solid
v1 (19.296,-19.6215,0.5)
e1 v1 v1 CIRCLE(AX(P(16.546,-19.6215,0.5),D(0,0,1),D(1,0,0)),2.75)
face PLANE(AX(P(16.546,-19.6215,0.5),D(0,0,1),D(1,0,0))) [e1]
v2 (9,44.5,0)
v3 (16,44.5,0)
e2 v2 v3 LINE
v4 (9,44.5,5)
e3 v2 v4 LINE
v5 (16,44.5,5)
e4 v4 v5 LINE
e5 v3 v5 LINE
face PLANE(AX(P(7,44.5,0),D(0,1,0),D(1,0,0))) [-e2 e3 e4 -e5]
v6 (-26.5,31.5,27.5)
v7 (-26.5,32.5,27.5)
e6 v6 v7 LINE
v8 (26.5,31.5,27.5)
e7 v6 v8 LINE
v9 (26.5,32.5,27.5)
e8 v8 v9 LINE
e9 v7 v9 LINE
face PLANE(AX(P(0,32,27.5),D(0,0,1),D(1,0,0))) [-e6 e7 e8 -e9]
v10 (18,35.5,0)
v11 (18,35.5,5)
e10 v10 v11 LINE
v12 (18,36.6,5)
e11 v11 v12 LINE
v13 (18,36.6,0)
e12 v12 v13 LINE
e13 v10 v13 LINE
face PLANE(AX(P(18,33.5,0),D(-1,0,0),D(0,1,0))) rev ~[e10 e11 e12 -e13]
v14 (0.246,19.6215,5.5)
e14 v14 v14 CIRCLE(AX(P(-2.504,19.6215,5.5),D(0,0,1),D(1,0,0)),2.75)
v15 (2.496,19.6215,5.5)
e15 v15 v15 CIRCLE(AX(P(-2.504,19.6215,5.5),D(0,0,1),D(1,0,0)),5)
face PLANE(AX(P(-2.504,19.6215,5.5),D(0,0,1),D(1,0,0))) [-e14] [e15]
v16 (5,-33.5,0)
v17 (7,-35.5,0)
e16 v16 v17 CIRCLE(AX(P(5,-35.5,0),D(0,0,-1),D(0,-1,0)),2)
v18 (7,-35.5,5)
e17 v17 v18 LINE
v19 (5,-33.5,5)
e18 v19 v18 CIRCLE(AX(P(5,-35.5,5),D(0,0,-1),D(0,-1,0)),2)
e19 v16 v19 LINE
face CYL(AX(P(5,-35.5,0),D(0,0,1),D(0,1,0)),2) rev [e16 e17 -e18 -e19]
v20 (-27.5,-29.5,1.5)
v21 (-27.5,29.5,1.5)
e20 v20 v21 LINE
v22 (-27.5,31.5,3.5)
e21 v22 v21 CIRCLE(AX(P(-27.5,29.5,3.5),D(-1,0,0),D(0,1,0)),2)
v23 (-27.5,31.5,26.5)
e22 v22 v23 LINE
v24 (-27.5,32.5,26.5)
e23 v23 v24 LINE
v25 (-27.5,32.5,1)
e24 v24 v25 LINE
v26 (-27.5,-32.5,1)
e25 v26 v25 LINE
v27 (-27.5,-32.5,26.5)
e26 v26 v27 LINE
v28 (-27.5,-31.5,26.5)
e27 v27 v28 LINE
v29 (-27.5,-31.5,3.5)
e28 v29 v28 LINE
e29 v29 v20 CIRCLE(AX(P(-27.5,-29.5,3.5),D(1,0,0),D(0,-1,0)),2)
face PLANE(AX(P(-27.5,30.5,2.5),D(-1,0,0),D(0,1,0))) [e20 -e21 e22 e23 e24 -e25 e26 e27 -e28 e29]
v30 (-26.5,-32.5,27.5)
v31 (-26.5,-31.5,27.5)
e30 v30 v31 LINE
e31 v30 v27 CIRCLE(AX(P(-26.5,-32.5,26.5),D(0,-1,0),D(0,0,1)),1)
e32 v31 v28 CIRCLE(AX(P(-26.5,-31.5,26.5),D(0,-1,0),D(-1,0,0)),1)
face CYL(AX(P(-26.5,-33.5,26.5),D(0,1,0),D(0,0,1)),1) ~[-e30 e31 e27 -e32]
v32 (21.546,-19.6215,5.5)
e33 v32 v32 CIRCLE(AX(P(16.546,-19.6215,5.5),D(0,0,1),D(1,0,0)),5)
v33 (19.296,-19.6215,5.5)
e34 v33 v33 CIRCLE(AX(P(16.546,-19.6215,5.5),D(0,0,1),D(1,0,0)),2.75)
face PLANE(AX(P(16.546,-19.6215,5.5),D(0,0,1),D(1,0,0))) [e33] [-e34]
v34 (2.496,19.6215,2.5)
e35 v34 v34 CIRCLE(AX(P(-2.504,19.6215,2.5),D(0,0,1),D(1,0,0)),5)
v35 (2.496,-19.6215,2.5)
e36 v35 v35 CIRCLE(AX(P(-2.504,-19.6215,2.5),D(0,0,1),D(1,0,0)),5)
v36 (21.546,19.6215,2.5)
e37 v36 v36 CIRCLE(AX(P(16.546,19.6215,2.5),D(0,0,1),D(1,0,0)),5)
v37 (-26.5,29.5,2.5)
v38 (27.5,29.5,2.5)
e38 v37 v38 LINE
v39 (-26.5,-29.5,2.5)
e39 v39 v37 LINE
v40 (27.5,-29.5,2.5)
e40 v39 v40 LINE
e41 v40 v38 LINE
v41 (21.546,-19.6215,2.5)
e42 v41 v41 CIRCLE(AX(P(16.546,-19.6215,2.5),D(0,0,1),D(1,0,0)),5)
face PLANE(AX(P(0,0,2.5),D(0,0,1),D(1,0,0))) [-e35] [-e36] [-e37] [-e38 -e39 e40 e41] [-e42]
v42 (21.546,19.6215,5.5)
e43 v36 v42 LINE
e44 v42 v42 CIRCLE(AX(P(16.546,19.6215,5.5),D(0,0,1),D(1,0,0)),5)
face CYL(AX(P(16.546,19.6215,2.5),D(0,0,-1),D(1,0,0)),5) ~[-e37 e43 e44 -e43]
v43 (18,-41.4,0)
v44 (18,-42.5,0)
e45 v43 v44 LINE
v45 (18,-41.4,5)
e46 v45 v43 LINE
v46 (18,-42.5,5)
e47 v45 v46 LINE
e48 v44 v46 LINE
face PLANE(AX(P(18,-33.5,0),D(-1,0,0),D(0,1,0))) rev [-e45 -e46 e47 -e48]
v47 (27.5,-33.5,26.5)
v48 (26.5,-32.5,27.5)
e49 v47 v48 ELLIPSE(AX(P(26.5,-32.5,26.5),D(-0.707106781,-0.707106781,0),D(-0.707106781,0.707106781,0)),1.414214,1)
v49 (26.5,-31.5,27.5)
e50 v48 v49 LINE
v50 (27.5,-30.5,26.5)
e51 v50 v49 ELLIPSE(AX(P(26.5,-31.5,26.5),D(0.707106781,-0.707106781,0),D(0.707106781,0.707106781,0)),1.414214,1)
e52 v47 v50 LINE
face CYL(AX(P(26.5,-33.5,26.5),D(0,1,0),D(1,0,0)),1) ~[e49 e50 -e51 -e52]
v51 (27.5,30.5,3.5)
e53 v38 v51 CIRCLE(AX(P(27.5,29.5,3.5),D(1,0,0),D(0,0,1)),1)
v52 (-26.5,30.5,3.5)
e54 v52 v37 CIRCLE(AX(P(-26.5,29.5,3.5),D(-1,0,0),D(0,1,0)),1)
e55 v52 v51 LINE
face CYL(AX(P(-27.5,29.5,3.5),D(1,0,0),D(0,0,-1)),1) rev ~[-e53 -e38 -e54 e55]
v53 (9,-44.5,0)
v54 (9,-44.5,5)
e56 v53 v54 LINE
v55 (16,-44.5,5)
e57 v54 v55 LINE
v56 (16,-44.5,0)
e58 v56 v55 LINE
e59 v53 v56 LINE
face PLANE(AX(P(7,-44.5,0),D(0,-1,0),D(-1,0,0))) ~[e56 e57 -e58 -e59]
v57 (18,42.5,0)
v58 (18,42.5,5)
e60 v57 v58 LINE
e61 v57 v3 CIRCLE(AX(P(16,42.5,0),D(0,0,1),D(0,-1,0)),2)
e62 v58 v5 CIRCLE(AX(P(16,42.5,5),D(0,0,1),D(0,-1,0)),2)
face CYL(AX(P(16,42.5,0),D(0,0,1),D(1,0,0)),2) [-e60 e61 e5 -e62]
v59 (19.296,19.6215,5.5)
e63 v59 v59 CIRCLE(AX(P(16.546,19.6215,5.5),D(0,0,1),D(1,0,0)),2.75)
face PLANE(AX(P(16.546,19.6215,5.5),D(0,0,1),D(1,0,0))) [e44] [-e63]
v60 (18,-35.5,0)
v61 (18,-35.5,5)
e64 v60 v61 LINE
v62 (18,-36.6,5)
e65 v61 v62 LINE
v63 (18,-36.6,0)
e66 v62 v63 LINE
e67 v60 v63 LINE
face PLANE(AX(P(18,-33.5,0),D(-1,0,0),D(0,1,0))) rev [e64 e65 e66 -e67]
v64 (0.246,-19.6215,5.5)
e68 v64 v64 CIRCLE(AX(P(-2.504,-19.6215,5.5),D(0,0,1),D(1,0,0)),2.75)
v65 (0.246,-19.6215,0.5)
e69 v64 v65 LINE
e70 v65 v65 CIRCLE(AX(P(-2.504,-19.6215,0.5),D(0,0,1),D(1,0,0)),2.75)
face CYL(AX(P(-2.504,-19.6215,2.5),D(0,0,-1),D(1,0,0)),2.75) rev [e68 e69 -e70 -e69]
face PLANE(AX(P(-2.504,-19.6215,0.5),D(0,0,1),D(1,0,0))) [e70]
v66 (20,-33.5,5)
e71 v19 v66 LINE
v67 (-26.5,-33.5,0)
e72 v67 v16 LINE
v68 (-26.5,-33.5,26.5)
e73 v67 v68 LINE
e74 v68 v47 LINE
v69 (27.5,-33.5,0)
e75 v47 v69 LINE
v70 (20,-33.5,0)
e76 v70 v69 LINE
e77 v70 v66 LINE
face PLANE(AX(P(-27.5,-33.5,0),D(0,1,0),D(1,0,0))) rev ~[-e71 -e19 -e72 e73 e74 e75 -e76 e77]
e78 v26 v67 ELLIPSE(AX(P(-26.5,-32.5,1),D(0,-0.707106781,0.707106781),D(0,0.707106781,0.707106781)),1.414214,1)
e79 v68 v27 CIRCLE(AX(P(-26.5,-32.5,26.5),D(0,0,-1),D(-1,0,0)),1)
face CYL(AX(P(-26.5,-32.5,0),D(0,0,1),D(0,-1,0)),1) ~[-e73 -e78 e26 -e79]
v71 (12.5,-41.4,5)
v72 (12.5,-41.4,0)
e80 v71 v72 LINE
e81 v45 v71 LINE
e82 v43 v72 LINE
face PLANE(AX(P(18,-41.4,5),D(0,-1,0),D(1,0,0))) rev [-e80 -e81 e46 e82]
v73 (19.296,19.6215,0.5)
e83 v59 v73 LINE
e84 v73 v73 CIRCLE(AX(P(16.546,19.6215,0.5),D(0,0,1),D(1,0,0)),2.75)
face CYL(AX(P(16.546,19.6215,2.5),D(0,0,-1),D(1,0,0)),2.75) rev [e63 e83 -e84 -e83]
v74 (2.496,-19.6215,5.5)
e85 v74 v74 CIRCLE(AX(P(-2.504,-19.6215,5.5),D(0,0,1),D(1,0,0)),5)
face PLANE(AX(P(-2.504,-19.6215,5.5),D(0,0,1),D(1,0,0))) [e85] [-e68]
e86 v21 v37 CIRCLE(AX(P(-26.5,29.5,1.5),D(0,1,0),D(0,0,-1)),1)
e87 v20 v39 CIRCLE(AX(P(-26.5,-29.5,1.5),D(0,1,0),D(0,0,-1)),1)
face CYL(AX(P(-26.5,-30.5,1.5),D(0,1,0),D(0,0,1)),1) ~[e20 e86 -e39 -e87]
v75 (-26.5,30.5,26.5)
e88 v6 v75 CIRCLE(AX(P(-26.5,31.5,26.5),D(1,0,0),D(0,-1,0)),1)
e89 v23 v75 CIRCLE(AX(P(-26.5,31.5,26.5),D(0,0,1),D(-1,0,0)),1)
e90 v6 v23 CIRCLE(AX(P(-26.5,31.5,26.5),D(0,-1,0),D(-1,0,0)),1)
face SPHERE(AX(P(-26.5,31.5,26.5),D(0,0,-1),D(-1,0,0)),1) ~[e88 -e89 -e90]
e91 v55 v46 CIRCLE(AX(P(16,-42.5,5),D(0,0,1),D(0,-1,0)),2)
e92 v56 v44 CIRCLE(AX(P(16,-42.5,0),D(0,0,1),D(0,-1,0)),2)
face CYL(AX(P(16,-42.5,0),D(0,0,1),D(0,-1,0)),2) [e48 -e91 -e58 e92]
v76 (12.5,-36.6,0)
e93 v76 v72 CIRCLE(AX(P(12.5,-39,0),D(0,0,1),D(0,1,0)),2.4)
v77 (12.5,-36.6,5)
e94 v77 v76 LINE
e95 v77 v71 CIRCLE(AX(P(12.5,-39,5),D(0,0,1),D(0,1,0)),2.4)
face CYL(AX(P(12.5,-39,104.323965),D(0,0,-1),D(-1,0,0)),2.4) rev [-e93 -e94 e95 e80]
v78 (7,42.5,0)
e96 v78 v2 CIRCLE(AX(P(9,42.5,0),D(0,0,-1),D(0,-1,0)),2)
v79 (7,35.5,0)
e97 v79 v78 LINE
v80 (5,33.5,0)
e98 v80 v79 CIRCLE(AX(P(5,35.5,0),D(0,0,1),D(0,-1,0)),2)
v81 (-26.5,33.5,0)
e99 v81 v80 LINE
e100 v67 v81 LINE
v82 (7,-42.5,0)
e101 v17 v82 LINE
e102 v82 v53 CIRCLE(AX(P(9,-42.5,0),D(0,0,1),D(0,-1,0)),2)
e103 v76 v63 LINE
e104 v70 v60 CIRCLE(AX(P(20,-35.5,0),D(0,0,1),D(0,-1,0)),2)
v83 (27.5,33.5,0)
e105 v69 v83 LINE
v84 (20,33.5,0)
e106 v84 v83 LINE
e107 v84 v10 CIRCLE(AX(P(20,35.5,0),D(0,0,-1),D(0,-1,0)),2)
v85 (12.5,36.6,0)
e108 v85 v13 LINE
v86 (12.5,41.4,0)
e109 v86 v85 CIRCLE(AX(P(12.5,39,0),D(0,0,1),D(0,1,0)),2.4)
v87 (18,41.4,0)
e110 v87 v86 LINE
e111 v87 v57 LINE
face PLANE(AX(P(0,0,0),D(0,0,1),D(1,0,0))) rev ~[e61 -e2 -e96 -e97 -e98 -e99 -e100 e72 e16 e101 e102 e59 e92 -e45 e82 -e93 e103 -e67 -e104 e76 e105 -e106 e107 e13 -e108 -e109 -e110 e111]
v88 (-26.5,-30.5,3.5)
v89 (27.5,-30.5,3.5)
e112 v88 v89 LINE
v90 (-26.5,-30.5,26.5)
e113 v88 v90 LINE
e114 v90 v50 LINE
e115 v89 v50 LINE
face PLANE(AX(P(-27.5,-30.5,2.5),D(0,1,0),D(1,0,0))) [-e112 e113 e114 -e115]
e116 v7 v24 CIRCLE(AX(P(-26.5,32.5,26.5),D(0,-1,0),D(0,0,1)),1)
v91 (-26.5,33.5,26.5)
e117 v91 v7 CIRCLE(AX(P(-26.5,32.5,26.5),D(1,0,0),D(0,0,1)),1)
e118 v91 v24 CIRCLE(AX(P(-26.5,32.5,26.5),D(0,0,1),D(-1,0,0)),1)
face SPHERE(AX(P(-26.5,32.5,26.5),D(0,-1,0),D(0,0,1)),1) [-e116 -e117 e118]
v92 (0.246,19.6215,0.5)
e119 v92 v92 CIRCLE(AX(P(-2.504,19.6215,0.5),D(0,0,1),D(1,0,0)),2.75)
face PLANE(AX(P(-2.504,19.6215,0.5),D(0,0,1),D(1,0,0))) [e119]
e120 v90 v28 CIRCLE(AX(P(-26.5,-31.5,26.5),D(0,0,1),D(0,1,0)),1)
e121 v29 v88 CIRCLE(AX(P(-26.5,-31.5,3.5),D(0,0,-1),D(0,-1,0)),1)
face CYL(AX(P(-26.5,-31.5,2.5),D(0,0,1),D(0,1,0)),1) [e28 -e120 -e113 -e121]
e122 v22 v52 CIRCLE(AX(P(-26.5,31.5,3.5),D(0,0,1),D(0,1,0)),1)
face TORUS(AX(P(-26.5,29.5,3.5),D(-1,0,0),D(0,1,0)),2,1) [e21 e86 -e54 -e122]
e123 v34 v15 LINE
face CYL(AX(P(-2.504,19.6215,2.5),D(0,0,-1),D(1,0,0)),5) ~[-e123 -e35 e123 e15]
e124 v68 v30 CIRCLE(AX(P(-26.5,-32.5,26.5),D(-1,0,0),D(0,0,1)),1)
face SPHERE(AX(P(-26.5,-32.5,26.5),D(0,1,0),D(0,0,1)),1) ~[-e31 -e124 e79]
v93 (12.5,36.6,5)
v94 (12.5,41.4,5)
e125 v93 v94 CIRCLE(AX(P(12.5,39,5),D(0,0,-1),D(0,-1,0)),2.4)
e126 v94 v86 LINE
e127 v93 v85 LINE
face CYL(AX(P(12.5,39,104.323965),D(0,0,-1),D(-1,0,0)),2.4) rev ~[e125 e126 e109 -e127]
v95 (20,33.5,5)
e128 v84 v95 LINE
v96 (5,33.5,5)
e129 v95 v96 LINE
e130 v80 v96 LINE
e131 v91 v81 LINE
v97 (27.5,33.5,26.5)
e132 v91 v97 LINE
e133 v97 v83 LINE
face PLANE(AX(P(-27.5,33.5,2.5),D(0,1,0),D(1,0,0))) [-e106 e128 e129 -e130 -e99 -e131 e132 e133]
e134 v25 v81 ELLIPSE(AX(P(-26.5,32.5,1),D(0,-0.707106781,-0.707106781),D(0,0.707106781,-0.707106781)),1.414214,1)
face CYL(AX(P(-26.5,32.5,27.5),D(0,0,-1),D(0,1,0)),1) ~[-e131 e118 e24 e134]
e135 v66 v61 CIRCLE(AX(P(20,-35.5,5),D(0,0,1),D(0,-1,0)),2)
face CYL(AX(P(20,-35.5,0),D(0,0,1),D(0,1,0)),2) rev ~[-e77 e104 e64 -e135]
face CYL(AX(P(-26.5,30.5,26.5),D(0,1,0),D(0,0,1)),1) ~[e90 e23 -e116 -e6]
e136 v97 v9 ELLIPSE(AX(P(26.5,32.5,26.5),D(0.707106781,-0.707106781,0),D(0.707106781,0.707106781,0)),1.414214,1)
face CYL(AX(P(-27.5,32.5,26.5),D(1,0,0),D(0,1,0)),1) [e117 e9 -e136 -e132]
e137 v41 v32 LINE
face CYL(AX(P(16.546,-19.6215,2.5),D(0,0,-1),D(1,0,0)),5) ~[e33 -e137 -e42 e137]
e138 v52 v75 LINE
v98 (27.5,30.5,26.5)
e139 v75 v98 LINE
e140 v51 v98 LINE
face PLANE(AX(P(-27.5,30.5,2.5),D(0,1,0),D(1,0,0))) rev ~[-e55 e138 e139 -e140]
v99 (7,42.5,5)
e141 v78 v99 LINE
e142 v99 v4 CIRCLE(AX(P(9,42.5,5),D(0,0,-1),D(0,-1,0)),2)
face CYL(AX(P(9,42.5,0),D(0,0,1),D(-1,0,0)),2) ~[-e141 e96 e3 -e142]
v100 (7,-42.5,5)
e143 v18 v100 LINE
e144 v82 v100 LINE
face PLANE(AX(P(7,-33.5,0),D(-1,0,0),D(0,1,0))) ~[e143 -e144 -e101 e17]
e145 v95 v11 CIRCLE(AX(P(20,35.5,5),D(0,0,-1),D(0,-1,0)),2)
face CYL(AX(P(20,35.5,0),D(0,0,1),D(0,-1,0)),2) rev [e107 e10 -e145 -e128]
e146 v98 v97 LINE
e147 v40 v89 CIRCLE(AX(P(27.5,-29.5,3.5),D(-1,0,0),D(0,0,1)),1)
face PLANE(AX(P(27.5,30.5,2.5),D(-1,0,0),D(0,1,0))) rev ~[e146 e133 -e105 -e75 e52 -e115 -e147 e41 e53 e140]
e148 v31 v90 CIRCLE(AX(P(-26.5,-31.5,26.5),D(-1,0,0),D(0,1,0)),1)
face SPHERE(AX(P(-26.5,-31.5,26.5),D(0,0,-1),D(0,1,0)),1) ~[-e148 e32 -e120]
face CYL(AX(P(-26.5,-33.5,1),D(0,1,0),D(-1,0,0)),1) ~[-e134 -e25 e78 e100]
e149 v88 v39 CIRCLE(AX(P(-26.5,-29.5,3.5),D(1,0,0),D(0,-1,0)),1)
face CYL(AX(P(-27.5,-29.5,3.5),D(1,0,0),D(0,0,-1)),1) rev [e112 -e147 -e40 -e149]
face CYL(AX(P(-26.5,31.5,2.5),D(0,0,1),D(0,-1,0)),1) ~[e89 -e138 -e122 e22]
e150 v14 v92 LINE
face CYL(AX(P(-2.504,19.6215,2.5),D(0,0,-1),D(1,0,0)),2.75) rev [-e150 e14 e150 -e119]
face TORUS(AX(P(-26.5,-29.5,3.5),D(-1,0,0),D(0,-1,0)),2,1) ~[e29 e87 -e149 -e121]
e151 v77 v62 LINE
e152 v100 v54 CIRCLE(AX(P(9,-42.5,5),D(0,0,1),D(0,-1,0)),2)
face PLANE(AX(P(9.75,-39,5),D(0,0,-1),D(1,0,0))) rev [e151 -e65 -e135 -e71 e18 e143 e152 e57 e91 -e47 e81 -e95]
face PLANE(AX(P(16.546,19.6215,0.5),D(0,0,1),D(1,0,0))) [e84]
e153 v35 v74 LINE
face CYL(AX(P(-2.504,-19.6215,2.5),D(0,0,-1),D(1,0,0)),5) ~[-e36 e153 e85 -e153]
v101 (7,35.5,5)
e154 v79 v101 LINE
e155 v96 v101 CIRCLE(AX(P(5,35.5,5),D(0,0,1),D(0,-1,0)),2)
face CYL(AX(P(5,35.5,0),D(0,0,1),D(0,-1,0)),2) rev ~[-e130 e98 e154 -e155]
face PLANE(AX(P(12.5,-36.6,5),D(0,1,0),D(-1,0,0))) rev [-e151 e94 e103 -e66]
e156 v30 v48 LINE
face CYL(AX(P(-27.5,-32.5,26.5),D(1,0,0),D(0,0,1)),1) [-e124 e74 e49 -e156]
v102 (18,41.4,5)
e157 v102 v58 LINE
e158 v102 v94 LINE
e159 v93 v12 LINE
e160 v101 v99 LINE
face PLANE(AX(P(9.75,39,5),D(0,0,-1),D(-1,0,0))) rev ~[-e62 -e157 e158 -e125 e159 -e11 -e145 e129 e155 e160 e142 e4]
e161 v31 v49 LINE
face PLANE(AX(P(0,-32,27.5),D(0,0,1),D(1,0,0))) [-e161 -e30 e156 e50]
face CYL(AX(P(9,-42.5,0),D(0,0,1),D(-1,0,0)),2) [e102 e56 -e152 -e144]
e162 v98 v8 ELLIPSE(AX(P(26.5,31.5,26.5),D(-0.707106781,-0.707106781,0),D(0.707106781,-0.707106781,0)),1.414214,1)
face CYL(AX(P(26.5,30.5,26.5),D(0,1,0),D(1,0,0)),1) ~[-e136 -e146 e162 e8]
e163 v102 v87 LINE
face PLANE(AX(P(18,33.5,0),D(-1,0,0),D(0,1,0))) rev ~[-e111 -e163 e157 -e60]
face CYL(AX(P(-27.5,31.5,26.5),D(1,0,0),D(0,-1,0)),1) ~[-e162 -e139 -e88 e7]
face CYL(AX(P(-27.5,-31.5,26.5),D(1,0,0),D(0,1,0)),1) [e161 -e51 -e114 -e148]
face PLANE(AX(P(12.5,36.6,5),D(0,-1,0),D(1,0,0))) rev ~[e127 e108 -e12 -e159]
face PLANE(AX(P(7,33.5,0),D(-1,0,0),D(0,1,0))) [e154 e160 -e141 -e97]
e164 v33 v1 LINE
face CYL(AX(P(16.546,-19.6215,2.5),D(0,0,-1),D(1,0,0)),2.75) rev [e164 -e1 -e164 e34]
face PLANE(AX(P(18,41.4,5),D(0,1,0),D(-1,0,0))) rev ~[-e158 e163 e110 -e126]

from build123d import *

# Parameters (mm, degrees)
SKETCH1_W            = 55
SKETCH1_H            = 67
BOSS_EXTRUDE1_DEPTH  = 2.5
SKETCH2_W            = 55
SKETCH2_H            = 3
BOSS_EXTRUDE2_DEPTH  = 25
SKETCH3_R            = 5
SKETCH3_R_2          = 2.75
BOSS_EXTRUDE3_DEPTH  = 3
CUT_EXTRUDE1_START   = -2
SKETCH4_R            = 2.75
CUT_EXTRUDE1_DEPTH   = 2
SKETCH5_W            = 5.5
SKETCH5_H            = 11
BOSS_EXTRUDE4_DEPTH  = 5
M4_CLEARANCE_HOLE1_D = 4.8
FILLET3_R            = 2
FILLET4_R            = 1
CUT_EXTRUDE3_DEPTH   = 57.945149047


with BuildPart() as part:
    # Sketch1 → Boss-Extrude1 (new body)
    with BuildSketch(Plane.XY):
        Rectangle(SKETCH1_W, SKETCH1_H)
    extrude(amount=BOSS_EXTRUDE1_DEPTH)

    # Sketch2 → Boss-Extrude2 (add)
    with BuildSketch(Plane.XY.offset(2.5)):
        with Locations((0, 32)):
            Rectangle(SKETCH2_W, SKETCH2_H)
        with Locations((0, -32)):
            Rectangle(SKETCH2_W, SKETCH2_H)
    extrude(amount=BOSS_EXTRUDE2_DEPTH)

    # Sketch3 → Boss-Extrude3 (add)
    # profile 1 of 4: a face of its own
    with BuildSketch(Plane.XY.offset(2.5)):
        with Locations((-2.504, 19.6215)):
            Circle(SKETCH3_R)
        with Locations((-2.504, 19.6215)):
            Circle(SKETCH3_R_2, mode=Mode.SUBTRACT)
    # profile 2 of 4: a face of its own
    with BuildSketch(Plane.XY.offset(2.5)):
        with Locations((16.546, 19.6215)):
            Circle(SKETCH3_R)
        with Locations((16.546, 19.6215)):
            Circle(SKETCH3_R_2, mode=Mode.SUBTRACT)
    # profile 3 of 4: a face of its own
    with BuildSketch(Plane.XY.offset(2.5)):
        with Locations((16.546, -19.6215)):
            Circle(SKETCH3_R)
        with Locations((16.546, -19.6215)):
            Circle(SKETCH3_R_2, mode=Mode.SUBTRACT)
    # profile 4 of 4: a face of its own
    with BuildSketch(Plane.XY.offset(2.5)):
        with Locations((-2.504, -19.6215)):
            Circle(SKETCH3_R)
        with Locations((-2.504, -19.6215)):
            Circle(SKETCH3_R_2, mode=Mode.SUBTRACT)
    extrude(amount=BOSS_EXTRUDE3_DEPTH)

    # Sketch4 → Cut-Extrude1 (cut)
    with BuildSketch(Plane.XY.offset(2.5).offset(CUT_EXTRUDE1_START)):
        with Locations((16.546, -19.6215)):
            Circle(SKETCH4_R)
        with Locations((-2.504, -19.6215)):
            Circle(SKETCH4_R)
        with Locations((16.546, 19.6215)):
            Circle(SKETCH4_R)
        with Locations((-2.504, 19.6215)):
            Circle(SKETCH4_R)
    extrude(amount=CUT_EXTRUDE1_DEPTH, mode=Mode.SUBTRACT)

    # Sketch5 → Boss-Extrude4 (add)
    with BuildSketch(Plane(origin=(0, 0, 0), x_dir=(-1, 0, 0), z_dir=(0, 0, -1))):
        with Locations((-9.75, 39)):
            Rectangle(SKETCH5_W, SKETCH5_H)
        with Locations((-15.25, 39)):
            Rectangle(SKETCH5_W, SKETCH5_H)
    boss_extrude4 = extrude(amount=-BOSS_EXTRUDE4_DEPTH)

    # M4 Clearance Hole1 (through all)
    with Locations(Plane.XY.offset(5)):
        with Locations((12.5, 39)):
            m4_clearance_hole1 = Hole(M4_CLEARANCE_HOLE1_D / 2)

    # Mirror2: Boss-Extrude4, M4 Clearance Hole1 across plane
    add(boss_extrude4.mirror(Plane.ZX))
    add(m4_clearance_hole1.mirror(Plane.ZX), mode=Mode.SUBTRACT)

    # Fillet3
    fillet3_edges = [part.edges().sort_by_distance(p)[0] for p in [
        (7, -44.5, 2.5),
        (18, -44.5, 2.5),
        (18, -33.5, 2.5),
        (7, -33.5, 2.5),
        (18, 44.5, 2.5),
        (7, 44.5, 2.5),
        (7, 33.5, 2.5),
        (18, 33.5, 2.5),
    ]]
    fillet(fillet3_edges, radius=FILLET3_R)

    # Fillet4
    fillet4_edges = [part.edges().sort_by_distance(p)[0] for p in [
        (-27.5, 0, 2.5),
        (0, 30.5, 2.5),
        (-27.5, 30.5, 15),
        (-27.5, 32, 27.5),
        (0, 30.5, 27.5),
        (27.5, 32, 27.5),
        (0, 33.5, 27.5),
        (0, -30.5, 2.5),
        (-27.5, -30.5, 15),
        (27.5, -32, 27.5),
        (0, -30.5, 27.5),
        (-27.5, -32, 27.5),
        (0, -33.5, 27.5),
        (-27.5, 0, 0),
        (-27.5, -33.5, 13.75),
        (-27.5, 33.5, 13.75),
    ]]
    fillet(fillet4_edges, radius=FILLET4_R)

    # Sketch10 → Cut-Extrude3 (cut, through all)
    with BuildSketch(Plane.XY.offset(5)):
        with BuildLine():
            Line((18, 41.4), (12.5, 41.4))
            ThreePointArc((12.5, 41.4), (14.197056275, 40.697056275), (14.9, 39))
            ThreePointArc((14.9, 39), (14.197056275, 37.302943725), (12.5, 36.6))
            Line((12.5, 36.6), (18, 36.6))
            Line((18, 36.6), (18, 41.4))
        make_face()
    cut_extrude3 = extrude(amount=-CUT_EXTRUDE3_DEPTH, mode=Mode.SUBTRACT)

    # Mirror3: Cut-Extrude3 across plane
    add(cut_extrude3.mirror(Plane.ZX), mode=Mode.SUBTRACT)


solid = part.part
